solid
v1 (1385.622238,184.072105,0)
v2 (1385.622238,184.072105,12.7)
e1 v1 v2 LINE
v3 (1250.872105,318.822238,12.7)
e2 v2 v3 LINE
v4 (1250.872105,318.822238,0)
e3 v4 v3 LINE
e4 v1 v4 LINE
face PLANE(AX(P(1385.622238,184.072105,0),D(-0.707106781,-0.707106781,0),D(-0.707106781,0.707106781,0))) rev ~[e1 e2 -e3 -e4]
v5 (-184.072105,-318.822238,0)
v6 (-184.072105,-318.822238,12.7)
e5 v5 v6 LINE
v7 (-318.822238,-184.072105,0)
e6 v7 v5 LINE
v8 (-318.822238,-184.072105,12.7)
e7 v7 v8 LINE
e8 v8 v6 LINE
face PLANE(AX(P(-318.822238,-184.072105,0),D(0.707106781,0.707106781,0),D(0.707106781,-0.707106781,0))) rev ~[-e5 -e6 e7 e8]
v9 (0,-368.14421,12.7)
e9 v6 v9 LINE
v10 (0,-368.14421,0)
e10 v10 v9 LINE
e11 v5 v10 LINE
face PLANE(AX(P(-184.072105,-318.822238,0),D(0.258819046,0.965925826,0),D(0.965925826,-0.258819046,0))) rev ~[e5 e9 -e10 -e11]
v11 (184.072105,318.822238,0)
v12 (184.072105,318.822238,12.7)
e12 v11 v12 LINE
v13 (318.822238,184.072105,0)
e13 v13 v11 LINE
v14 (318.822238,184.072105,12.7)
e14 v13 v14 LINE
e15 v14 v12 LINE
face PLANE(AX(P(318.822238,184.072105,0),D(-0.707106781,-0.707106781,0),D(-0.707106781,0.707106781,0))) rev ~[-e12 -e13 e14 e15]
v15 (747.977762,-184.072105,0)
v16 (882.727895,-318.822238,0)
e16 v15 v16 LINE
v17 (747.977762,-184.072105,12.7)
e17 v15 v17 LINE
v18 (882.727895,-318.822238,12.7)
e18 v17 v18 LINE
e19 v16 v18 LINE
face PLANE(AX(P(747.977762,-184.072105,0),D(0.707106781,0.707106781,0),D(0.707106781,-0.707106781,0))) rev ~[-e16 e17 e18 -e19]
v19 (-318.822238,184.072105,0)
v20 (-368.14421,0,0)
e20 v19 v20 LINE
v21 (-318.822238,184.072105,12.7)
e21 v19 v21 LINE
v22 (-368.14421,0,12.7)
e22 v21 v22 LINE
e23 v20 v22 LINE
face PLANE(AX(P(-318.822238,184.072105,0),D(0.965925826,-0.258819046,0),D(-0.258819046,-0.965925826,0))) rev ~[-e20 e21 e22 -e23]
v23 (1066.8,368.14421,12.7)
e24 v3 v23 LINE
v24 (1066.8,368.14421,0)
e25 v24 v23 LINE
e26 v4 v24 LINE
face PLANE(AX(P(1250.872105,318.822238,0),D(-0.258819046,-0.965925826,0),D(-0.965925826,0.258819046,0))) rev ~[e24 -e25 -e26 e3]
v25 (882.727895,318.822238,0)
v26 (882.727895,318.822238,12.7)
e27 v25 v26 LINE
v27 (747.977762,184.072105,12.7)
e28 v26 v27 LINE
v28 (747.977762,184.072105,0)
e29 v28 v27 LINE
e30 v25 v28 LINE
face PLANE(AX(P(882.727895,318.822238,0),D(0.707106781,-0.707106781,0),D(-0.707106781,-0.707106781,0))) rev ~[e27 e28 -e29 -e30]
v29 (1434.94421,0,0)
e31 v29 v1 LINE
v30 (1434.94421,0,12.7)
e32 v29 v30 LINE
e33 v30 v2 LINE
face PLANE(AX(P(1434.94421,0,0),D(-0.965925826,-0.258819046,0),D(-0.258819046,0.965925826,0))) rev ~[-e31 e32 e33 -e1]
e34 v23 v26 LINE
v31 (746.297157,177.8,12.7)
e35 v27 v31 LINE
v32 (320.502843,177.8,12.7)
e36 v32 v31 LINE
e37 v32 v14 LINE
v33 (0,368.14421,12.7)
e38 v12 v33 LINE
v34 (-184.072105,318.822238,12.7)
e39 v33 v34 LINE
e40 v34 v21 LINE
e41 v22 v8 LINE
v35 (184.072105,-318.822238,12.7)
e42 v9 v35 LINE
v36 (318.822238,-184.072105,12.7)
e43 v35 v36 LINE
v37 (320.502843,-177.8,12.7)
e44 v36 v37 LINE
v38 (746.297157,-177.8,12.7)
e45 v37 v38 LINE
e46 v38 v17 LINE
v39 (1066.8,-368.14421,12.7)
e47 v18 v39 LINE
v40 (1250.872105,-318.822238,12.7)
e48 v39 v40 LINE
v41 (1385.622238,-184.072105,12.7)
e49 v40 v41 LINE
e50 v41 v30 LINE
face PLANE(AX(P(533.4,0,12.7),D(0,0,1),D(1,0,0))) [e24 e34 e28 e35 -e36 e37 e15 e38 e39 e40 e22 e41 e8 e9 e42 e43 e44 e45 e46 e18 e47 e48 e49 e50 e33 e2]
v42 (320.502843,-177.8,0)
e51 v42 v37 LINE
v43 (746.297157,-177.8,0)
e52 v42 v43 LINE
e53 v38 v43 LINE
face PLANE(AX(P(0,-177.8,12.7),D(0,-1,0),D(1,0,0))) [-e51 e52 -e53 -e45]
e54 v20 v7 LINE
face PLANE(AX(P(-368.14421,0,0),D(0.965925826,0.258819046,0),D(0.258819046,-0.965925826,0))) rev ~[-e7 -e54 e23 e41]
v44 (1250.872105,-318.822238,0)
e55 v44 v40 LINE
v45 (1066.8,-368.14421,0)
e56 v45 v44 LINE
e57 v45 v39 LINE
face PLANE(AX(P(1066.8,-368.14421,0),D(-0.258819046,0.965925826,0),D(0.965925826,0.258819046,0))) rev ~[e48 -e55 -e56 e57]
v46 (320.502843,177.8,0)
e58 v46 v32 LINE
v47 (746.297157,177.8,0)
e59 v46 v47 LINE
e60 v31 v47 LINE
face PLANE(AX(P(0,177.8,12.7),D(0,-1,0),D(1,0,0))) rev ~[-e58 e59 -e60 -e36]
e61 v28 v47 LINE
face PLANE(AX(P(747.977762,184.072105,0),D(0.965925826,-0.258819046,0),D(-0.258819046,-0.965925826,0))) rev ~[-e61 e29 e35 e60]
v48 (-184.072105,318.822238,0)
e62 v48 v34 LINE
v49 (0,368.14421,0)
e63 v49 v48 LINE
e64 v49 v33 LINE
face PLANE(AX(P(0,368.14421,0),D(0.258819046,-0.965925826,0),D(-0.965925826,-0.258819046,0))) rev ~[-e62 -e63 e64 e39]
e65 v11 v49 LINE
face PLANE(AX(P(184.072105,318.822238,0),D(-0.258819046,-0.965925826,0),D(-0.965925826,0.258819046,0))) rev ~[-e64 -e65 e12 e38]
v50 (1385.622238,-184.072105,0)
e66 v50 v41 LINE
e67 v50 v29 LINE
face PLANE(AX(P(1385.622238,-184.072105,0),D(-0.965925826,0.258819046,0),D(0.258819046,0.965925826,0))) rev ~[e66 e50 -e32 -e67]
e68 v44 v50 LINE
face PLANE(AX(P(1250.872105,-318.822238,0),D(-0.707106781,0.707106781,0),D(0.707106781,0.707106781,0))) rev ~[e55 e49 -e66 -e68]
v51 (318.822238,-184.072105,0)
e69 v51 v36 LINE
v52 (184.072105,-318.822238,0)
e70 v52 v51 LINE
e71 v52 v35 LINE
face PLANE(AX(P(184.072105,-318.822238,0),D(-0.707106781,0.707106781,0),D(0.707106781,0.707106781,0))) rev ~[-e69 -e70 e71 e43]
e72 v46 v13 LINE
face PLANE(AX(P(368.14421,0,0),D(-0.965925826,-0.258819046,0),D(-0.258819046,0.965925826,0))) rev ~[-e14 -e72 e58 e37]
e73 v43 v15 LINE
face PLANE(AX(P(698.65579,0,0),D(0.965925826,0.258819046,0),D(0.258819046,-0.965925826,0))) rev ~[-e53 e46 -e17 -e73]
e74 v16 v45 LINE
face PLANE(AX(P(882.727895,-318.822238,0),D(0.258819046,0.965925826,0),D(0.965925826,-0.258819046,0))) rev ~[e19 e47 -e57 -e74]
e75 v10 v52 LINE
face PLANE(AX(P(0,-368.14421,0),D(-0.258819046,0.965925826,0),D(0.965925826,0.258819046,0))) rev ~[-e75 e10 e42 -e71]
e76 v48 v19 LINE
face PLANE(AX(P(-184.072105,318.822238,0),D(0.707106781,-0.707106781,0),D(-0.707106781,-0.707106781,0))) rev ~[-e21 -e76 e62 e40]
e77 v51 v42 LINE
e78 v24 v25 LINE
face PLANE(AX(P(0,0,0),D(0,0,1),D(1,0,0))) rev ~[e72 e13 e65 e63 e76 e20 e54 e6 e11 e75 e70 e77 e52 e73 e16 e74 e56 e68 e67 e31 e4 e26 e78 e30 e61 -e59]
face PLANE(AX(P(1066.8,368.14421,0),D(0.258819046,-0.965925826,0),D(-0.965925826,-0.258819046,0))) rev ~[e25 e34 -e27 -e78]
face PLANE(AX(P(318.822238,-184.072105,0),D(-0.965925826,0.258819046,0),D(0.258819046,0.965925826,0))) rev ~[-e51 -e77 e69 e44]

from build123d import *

# Parameters (mm, degrees)
F1_DEPTH = 12.7
F3_W     = 1066.8
F3_H     = 355.6
F4_DEPTH = 12.7


with BuildPart() as f1:
    # F0 (on Top) → F1 (new body)
    with BuildSketch(Plane.XY):
        Polygon((184.072105, 318.822238), (0, 368.14421), (-184.072105, 318.822238), (-318.822238, 184.072105), (-368.14421, 0), (-318.822238, -184.072105), (-184.072105, -318.822238), (0, -368.14421), (184.072105, -318.822238), (318.822238, -184.072105), (368.14421, 0), (318.822238, 184.072105), align=None)
    extrude(amount=F1_DEPTH)



with BuildPart() as f2_1:
    # F2: copy of F1
    add(f1.part.moved(Location((1066.8, 0, 0))))


with BuildPart() as f1_1:
    add(f1.part)

    add(f2_1.part)  # F4 merges F2_1
    # F3 (on face) → F4 (join, through all)
    with BuildSketch(Plane.XY.offset(12.7)):
        with Locations((533.4, 0)):
            Rectangle(F3_W, F3_H)
    extrude(amount=-F4_DEPTH)


solid = f1_1.part
